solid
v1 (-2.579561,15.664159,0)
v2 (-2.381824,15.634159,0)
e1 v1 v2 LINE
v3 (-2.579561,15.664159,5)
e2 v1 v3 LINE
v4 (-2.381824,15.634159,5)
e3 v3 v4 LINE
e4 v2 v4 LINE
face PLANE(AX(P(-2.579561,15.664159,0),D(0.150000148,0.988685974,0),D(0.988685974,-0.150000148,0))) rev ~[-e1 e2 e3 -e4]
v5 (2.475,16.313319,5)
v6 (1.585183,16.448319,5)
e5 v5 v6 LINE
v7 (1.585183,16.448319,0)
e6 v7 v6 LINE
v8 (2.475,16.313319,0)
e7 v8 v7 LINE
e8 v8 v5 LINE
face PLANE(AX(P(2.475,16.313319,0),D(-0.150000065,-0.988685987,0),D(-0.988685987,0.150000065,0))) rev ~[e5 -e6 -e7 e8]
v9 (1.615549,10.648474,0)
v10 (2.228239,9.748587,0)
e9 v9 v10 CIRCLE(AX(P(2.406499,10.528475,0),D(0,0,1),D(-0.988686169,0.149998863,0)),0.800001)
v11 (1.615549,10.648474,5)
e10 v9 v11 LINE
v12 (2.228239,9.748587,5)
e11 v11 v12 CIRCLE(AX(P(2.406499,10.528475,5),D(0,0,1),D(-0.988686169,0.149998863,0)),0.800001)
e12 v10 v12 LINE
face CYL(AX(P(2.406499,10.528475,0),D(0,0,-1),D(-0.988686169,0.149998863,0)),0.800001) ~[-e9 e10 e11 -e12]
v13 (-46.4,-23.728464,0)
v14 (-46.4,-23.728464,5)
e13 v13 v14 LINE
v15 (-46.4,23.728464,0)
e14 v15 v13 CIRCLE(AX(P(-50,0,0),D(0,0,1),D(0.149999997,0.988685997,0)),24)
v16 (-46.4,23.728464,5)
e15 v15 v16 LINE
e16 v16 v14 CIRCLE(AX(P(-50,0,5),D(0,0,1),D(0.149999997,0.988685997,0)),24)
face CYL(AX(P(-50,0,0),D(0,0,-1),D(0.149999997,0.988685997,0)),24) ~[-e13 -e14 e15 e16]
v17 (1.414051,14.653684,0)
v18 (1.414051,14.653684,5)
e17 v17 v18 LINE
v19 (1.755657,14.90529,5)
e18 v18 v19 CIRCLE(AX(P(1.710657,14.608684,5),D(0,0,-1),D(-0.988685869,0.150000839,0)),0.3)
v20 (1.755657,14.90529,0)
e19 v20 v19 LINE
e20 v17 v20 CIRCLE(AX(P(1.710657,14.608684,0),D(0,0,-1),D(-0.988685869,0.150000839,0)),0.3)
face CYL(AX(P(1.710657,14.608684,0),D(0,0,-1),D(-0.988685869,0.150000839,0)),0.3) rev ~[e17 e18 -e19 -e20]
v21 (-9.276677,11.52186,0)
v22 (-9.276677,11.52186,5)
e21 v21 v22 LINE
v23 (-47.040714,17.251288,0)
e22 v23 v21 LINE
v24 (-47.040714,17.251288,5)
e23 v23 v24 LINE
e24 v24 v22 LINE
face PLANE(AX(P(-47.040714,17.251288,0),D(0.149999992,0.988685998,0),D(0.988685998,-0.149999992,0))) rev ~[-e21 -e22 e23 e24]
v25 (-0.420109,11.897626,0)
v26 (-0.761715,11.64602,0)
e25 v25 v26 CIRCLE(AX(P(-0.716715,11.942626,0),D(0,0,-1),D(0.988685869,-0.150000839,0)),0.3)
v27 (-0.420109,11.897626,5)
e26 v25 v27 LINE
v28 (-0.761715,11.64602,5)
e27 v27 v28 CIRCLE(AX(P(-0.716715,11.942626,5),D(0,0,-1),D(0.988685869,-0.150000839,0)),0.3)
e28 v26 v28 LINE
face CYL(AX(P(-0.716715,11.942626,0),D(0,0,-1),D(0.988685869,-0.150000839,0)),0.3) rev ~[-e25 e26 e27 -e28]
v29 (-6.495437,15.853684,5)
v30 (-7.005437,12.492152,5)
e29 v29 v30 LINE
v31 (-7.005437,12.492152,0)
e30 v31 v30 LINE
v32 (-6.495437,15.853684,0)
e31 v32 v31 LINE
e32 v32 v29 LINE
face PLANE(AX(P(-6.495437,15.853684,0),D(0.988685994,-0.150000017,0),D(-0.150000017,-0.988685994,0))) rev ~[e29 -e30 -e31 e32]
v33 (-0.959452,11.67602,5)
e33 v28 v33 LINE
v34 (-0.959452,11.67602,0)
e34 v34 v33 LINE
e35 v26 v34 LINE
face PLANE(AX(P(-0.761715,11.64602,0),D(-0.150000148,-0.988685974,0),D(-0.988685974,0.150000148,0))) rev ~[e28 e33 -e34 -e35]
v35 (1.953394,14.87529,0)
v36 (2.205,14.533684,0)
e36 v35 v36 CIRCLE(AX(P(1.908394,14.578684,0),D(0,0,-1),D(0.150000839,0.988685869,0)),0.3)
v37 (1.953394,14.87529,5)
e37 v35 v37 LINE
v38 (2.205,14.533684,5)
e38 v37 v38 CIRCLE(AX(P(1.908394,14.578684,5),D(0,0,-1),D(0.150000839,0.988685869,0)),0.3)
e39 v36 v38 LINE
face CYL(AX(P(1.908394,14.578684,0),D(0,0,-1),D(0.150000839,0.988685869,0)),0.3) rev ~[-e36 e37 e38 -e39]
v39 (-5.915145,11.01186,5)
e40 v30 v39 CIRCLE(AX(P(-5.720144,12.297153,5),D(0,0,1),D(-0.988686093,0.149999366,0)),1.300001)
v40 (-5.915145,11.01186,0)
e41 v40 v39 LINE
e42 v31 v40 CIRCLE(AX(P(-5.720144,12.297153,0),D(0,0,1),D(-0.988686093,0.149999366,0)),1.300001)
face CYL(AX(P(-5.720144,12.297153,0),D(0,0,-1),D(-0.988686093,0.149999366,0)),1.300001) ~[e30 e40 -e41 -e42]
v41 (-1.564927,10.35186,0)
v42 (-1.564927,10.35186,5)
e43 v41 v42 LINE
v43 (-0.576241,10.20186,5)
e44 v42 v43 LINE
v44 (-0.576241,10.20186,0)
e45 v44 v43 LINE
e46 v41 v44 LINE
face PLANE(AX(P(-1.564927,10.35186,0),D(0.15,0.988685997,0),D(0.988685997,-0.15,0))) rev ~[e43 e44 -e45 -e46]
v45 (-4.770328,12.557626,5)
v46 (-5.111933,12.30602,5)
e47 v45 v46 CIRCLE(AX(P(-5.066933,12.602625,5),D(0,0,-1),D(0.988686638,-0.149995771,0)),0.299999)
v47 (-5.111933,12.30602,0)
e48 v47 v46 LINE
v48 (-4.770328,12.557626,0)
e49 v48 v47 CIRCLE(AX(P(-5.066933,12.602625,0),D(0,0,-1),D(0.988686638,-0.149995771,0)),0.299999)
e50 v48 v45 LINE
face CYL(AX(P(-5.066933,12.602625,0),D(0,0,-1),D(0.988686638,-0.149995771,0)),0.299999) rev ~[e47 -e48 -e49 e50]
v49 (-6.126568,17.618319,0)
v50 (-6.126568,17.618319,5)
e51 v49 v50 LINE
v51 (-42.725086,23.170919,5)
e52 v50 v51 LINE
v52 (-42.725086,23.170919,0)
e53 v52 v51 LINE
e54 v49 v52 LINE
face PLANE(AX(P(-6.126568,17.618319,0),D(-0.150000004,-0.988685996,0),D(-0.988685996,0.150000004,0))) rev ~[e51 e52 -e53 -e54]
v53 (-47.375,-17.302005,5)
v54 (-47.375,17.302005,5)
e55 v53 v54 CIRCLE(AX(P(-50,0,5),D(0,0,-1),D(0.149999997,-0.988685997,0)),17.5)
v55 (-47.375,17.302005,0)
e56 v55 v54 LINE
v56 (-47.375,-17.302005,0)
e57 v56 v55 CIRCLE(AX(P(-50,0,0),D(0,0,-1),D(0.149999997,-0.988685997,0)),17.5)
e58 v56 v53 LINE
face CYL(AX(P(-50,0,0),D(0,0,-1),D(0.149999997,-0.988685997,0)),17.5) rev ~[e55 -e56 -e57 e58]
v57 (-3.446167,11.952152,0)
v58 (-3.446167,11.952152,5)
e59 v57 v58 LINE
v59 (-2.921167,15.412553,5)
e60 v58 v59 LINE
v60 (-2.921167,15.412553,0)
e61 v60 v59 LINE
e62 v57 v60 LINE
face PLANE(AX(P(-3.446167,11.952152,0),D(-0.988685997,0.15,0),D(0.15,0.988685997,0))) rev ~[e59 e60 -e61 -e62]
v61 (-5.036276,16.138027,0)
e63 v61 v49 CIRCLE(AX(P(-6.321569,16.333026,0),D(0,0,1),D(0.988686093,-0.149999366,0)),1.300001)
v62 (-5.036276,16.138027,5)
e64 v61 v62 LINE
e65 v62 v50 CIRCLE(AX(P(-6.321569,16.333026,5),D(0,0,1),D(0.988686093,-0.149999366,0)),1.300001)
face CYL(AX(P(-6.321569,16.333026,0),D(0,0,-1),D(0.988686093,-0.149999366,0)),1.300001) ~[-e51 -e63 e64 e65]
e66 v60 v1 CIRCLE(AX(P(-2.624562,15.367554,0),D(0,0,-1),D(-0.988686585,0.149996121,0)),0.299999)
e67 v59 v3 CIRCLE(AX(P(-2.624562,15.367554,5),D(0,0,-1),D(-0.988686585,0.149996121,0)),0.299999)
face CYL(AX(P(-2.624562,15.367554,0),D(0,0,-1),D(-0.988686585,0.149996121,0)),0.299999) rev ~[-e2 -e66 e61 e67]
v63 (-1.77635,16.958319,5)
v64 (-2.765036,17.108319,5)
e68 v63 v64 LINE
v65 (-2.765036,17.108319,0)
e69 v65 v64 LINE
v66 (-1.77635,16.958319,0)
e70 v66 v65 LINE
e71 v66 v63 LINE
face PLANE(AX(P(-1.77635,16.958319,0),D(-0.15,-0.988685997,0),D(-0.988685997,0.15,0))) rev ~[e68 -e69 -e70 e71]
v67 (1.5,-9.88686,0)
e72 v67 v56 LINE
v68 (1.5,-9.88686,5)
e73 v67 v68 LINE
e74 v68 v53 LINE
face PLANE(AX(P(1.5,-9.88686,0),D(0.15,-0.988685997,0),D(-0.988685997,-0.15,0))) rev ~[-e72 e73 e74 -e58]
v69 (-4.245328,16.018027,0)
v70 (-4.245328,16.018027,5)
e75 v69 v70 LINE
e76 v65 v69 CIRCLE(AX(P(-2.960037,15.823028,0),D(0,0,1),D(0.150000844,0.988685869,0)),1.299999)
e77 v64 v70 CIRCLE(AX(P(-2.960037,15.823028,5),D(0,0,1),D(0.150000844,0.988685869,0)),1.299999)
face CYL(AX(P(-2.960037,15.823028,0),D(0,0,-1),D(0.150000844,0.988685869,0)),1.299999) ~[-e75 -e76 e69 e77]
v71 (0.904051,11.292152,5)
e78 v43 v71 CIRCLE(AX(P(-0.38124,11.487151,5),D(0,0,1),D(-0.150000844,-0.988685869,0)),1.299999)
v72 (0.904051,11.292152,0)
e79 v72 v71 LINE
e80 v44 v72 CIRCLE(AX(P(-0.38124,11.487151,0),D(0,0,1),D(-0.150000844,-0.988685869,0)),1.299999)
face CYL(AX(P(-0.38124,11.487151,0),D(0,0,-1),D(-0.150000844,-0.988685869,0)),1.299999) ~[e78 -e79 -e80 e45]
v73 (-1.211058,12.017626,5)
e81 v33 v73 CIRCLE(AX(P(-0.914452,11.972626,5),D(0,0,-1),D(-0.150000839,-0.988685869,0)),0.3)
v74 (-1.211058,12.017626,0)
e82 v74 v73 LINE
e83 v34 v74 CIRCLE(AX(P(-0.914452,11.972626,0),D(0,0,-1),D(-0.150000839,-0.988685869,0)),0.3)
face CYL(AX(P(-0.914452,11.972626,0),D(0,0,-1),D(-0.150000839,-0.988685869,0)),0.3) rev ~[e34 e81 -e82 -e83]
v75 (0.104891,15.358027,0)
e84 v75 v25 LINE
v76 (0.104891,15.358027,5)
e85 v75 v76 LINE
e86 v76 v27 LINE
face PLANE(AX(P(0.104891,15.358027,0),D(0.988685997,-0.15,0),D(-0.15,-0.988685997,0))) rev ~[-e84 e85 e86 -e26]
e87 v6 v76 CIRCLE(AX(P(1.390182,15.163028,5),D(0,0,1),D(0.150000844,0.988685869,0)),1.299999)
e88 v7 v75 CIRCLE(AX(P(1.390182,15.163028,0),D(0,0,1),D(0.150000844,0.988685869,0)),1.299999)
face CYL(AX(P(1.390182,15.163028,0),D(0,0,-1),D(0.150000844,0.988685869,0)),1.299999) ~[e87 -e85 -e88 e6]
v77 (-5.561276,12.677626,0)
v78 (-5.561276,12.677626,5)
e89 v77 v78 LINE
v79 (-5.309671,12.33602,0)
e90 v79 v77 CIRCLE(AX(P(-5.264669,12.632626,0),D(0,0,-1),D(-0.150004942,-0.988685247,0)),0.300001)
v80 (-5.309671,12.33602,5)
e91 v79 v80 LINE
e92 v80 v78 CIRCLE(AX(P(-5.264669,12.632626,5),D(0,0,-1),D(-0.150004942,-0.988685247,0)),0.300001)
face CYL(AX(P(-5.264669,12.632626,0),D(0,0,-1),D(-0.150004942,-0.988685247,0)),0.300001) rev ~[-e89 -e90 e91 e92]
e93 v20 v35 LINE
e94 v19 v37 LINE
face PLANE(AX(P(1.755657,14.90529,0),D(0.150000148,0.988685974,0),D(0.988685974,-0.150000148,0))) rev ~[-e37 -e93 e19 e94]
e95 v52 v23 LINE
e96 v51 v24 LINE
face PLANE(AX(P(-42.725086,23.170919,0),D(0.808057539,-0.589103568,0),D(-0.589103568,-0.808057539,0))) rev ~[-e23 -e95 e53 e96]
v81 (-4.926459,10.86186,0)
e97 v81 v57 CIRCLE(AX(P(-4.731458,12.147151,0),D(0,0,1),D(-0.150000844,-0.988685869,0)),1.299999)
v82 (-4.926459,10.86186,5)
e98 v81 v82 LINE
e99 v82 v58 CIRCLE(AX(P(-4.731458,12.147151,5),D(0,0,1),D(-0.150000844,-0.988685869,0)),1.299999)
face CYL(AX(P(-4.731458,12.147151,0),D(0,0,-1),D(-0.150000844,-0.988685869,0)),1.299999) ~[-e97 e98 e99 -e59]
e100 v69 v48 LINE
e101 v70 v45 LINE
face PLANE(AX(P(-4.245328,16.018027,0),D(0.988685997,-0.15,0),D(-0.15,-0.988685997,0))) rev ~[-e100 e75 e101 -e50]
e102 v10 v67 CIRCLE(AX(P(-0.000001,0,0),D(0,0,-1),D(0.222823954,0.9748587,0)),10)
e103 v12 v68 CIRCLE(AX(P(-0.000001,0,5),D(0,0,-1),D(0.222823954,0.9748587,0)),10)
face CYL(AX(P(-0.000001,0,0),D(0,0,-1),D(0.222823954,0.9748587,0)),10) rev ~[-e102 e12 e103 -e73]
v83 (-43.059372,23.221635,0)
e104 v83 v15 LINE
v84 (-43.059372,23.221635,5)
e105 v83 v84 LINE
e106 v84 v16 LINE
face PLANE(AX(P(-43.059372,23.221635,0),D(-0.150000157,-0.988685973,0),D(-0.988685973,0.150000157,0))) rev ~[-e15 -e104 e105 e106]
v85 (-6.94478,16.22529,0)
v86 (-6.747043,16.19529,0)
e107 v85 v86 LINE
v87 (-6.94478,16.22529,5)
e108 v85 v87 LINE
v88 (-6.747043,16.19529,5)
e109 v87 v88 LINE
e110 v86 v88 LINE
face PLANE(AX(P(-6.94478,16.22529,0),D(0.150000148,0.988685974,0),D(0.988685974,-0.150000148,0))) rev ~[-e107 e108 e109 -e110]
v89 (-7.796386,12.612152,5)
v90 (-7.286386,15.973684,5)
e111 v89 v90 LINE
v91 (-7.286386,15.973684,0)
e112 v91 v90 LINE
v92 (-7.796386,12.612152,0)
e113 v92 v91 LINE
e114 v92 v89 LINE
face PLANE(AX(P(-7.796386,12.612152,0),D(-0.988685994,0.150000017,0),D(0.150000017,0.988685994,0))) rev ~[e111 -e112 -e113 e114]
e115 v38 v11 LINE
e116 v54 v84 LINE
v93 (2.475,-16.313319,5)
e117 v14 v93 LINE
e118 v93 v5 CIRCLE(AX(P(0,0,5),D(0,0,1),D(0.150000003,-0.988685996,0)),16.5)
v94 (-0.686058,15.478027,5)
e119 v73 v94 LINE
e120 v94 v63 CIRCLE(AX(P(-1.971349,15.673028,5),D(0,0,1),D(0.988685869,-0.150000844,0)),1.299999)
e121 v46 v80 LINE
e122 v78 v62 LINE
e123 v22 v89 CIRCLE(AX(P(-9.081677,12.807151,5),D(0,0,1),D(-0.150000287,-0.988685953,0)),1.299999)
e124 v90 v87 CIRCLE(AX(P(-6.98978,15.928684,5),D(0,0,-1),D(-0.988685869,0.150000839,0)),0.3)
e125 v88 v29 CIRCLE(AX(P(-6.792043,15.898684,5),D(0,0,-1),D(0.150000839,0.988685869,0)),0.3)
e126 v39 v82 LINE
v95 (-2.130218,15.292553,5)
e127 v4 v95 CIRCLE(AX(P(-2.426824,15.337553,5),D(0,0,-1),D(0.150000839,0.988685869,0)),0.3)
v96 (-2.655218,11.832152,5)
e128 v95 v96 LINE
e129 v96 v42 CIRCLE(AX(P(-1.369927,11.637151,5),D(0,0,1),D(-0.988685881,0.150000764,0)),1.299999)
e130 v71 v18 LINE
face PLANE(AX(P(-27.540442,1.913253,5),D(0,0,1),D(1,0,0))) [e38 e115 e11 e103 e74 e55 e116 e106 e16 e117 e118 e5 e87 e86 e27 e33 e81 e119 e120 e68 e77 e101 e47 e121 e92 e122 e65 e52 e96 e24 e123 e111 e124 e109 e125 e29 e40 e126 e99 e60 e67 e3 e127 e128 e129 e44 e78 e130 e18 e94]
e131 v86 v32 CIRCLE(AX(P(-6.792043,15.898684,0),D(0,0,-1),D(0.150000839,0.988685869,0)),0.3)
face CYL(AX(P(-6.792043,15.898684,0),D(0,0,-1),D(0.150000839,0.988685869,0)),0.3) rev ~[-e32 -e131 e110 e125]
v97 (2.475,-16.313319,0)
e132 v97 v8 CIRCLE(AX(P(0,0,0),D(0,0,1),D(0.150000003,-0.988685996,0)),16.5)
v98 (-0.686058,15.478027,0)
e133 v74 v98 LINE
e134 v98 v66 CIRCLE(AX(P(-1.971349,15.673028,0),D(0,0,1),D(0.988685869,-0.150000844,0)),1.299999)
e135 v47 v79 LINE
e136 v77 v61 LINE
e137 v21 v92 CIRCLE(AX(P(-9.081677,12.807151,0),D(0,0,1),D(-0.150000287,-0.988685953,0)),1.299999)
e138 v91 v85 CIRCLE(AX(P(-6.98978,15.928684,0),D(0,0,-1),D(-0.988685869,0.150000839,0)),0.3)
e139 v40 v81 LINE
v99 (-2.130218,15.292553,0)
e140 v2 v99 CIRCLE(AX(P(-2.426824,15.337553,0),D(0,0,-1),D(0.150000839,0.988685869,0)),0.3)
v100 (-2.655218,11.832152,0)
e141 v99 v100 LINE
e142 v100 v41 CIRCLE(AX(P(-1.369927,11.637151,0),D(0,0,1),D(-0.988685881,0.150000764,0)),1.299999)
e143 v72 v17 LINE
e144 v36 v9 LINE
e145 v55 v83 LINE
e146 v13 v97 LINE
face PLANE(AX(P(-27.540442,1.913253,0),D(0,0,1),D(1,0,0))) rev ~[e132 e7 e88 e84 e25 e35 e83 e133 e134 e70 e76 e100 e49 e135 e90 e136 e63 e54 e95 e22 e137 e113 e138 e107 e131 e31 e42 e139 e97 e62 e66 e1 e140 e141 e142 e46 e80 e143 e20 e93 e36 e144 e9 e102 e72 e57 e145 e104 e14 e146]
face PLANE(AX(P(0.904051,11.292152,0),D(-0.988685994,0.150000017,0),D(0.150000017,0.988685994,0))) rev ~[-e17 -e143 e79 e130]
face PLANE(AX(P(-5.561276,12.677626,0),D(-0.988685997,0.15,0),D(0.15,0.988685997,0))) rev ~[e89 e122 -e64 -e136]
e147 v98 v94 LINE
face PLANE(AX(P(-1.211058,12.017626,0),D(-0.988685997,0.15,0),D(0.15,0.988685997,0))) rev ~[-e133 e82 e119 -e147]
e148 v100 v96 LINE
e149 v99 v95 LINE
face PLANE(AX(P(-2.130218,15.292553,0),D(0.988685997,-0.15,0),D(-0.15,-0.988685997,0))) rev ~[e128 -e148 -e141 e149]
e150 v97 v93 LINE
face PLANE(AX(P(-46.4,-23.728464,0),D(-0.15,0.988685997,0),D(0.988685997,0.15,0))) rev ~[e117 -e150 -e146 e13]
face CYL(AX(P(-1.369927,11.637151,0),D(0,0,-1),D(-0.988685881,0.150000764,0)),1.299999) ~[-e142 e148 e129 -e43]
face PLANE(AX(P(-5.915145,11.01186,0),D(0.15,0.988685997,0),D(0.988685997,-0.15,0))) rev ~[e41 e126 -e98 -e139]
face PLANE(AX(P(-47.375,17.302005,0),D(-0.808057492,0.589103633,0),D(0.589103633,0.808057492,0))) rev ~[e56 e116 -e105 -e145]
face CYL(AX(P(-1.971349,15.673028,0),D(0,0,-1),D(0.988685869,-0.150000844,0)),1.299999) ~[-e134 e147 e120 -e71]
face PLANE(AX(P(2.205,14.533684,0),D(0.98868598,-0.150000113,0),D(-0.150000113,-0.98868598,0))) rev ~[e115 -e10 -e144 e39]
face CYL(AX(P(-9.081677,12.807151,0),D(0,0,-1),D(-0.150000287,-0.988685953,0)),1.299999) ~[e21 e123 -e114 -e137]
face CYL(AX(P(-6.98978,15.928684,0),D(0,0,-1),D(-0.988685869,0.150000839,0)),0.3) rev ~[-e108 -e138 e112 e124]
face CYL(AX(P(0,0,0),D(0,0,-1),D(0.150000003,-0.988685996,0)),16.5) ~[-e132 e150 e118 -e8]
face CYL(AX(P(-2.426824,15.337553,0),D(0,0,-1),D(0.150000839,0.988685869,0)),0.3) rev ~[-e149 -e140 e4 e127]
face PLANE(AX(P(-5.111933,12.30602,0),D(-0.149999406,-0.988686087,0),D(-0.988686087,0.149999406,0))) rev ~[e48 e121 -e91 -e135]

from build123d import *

# Parameters (mm, degrees)
F1_DEPTH = 5


with BuildPart() as f1:
    # F0 (on Top) → F1 (new body)
    with BuildSketch(Plane.XY):
        with BuildLine():
            ThreePointArc((2.228239, 9.748587), (9.993129, -0.370625), (1.5, -9.88686))
            Line((1.5, -9.88686), (-47.375, -17.302005))
            ThreePointArc((-47.375, -17.302005), (-67.5, 0), (-47.375, 17.302005))
            Line((-47.375, 17.302005), (-43.059372, 23.221635))
            Line((-43.059372, 23.221635), (-46.4, 23.728464))
            ThreePointArc((-46.4, 23.728464), (-74, 0), (-46.4, -23.728464))
            Line((-46.4, -23.728464), (2.475, -16.313319))
            ThreePointArc((2.475, -16.313319), (16.5, 0), (2.475, 16.313319))
            Line((2.475, 16.313319), (1.585183, 16.448319))
            ThreePointArc((1.585183, 16.448319), (0.61923, 16.209752), (0.104891, 15.358027))
            Line((0.104891, 15.358027), (-0.420109, 11.897626))
            ThreePointArc((-0.420109, 11.897626), (-0.538803, 11.701074), (-0.761715, 11.64602))
            Line((-0.761715, 11.64602), (-0.959452, 11.67602))
            ThreePointArc((-0.959452, 11.67602), (-1.156004, 11.794714), (-1.211058, 12.017626))
            Line((-1.211058, 12.017626), (-0.686058, 15.478027))
            ThreePointArc((-0.686058, 15.478027), (-0.924625, 16.44398), (-1.77635, 16.958319))
            Line((-1.77635, 16.958319), (-2.765036, 17.108319))
            ThreePointArc((-2.765036, 17.108319), (-3.730989, 16.869752), (-4.245328, 16.018027))
            Line((-4.245328, 16.018027), (-4.770328, 12.557626))
            ThreePointArc((-4.770328, 12.557626), (-4.889021, 12.361074), (-5.111933, 12.30602))
            Line((-5.111933, 12.30602), (-5.309671, 12.33602))
            ThreePointArc((-5.309671, 12.33602), (-5.506222, 12.454714), (-5.561276, 12.677626))
            Line((-5.561276, 12.677626), (-5.036276, 16.138027))
            ThreePointArc((-5.036276, 16.138027), (-5.274844, 17.10398), (-6.126568, 17.618319))
            Line((-6.126568, 17.618319), (-42.725086, 23.170919))
            Line((-42.725086, 23.170919), (-47.040714, 17.251288))
            Line((-47.040714, 17.251288), (-9.276677, 11.52186))
            ThreePointArc((-9.276677, 11.52186), (-8.310725, 11.760427), (-7.796386, 12.612152))
            Line((-7.796386, 12.612152), (-7.286386, 15.973684))
            ThreePointArc((-7.286386, 15.973684), (-7.167692, 16.170236), (-6.94478, 16.22529))
            Line((-6.94478, 16.22529), (-6.747043, 16.19529))
            ThreePointArc((-6.747043, 16.19529), (-6.550491, 16.076596), (-6.495437, 15.853684))
            Line((-6.495437, 15.853684), (-7.005437, 12.492152))
            ThreePointArc((-7.005437, 12.492152), (-6.766869, 11.526199), (-5.915145, 11.01186))
            Line((-5.915145, 11.01186), (-4.926459, 10.86186))
            ThreePointArc((-4.926459, 10.86186), (-3.960506, 11.100427), (-3.446167, 11.952152))
            Line((-3.446167, 11.952152), (-2.921167, 15.412553))
            ThreePointArc((-2.921167, 15.412553), (-2.802474, 15.609105), (-2.579561, 15.664159))
            Line((-2.579561, 15.664159), (-2.381824, 15.634159))
            ThreePointArc((-2.381824, 15.634159), (-2.185272, 15.515465), (-2.130218, 15.292553))
            Line((-2.130218, 15.292553), (-2.655218, 11.832152))
            ThreePointArc((-2.655218, 11.832152), (-2.416651, 10.866199), (-1.564927, 10.35186))
            Line((-1.564927, 10.35186), (-0.576241, 10.20186))
            ThreePointArc((-0.576241, 10.20186), (0.389712, 10.440427), (0.904051, 11.292152))
            Line((0.904051, 11.292152), (1.414051, 14.653684))
            ThreePointArc((1.414051, 14.653684), (1.532745, 14.850236), (1.755657, 14.90529))
            Line((1.755657, 14.90529), (1.953394, 14.87529))
            ThreePointArc((1.953394, 14.87529), (2.149946, 14.756596), (2.205, 14.533684))
            Line((2.205, 14.533684), (1.615549, 10.648474))
            ThreePointArc((1.615549, 10.648474), (1.745219, 10.078241), (2.228239, 9.748587))
        make_face()
    extrude(amount=F1_DEPTH)


solid = f1.part
